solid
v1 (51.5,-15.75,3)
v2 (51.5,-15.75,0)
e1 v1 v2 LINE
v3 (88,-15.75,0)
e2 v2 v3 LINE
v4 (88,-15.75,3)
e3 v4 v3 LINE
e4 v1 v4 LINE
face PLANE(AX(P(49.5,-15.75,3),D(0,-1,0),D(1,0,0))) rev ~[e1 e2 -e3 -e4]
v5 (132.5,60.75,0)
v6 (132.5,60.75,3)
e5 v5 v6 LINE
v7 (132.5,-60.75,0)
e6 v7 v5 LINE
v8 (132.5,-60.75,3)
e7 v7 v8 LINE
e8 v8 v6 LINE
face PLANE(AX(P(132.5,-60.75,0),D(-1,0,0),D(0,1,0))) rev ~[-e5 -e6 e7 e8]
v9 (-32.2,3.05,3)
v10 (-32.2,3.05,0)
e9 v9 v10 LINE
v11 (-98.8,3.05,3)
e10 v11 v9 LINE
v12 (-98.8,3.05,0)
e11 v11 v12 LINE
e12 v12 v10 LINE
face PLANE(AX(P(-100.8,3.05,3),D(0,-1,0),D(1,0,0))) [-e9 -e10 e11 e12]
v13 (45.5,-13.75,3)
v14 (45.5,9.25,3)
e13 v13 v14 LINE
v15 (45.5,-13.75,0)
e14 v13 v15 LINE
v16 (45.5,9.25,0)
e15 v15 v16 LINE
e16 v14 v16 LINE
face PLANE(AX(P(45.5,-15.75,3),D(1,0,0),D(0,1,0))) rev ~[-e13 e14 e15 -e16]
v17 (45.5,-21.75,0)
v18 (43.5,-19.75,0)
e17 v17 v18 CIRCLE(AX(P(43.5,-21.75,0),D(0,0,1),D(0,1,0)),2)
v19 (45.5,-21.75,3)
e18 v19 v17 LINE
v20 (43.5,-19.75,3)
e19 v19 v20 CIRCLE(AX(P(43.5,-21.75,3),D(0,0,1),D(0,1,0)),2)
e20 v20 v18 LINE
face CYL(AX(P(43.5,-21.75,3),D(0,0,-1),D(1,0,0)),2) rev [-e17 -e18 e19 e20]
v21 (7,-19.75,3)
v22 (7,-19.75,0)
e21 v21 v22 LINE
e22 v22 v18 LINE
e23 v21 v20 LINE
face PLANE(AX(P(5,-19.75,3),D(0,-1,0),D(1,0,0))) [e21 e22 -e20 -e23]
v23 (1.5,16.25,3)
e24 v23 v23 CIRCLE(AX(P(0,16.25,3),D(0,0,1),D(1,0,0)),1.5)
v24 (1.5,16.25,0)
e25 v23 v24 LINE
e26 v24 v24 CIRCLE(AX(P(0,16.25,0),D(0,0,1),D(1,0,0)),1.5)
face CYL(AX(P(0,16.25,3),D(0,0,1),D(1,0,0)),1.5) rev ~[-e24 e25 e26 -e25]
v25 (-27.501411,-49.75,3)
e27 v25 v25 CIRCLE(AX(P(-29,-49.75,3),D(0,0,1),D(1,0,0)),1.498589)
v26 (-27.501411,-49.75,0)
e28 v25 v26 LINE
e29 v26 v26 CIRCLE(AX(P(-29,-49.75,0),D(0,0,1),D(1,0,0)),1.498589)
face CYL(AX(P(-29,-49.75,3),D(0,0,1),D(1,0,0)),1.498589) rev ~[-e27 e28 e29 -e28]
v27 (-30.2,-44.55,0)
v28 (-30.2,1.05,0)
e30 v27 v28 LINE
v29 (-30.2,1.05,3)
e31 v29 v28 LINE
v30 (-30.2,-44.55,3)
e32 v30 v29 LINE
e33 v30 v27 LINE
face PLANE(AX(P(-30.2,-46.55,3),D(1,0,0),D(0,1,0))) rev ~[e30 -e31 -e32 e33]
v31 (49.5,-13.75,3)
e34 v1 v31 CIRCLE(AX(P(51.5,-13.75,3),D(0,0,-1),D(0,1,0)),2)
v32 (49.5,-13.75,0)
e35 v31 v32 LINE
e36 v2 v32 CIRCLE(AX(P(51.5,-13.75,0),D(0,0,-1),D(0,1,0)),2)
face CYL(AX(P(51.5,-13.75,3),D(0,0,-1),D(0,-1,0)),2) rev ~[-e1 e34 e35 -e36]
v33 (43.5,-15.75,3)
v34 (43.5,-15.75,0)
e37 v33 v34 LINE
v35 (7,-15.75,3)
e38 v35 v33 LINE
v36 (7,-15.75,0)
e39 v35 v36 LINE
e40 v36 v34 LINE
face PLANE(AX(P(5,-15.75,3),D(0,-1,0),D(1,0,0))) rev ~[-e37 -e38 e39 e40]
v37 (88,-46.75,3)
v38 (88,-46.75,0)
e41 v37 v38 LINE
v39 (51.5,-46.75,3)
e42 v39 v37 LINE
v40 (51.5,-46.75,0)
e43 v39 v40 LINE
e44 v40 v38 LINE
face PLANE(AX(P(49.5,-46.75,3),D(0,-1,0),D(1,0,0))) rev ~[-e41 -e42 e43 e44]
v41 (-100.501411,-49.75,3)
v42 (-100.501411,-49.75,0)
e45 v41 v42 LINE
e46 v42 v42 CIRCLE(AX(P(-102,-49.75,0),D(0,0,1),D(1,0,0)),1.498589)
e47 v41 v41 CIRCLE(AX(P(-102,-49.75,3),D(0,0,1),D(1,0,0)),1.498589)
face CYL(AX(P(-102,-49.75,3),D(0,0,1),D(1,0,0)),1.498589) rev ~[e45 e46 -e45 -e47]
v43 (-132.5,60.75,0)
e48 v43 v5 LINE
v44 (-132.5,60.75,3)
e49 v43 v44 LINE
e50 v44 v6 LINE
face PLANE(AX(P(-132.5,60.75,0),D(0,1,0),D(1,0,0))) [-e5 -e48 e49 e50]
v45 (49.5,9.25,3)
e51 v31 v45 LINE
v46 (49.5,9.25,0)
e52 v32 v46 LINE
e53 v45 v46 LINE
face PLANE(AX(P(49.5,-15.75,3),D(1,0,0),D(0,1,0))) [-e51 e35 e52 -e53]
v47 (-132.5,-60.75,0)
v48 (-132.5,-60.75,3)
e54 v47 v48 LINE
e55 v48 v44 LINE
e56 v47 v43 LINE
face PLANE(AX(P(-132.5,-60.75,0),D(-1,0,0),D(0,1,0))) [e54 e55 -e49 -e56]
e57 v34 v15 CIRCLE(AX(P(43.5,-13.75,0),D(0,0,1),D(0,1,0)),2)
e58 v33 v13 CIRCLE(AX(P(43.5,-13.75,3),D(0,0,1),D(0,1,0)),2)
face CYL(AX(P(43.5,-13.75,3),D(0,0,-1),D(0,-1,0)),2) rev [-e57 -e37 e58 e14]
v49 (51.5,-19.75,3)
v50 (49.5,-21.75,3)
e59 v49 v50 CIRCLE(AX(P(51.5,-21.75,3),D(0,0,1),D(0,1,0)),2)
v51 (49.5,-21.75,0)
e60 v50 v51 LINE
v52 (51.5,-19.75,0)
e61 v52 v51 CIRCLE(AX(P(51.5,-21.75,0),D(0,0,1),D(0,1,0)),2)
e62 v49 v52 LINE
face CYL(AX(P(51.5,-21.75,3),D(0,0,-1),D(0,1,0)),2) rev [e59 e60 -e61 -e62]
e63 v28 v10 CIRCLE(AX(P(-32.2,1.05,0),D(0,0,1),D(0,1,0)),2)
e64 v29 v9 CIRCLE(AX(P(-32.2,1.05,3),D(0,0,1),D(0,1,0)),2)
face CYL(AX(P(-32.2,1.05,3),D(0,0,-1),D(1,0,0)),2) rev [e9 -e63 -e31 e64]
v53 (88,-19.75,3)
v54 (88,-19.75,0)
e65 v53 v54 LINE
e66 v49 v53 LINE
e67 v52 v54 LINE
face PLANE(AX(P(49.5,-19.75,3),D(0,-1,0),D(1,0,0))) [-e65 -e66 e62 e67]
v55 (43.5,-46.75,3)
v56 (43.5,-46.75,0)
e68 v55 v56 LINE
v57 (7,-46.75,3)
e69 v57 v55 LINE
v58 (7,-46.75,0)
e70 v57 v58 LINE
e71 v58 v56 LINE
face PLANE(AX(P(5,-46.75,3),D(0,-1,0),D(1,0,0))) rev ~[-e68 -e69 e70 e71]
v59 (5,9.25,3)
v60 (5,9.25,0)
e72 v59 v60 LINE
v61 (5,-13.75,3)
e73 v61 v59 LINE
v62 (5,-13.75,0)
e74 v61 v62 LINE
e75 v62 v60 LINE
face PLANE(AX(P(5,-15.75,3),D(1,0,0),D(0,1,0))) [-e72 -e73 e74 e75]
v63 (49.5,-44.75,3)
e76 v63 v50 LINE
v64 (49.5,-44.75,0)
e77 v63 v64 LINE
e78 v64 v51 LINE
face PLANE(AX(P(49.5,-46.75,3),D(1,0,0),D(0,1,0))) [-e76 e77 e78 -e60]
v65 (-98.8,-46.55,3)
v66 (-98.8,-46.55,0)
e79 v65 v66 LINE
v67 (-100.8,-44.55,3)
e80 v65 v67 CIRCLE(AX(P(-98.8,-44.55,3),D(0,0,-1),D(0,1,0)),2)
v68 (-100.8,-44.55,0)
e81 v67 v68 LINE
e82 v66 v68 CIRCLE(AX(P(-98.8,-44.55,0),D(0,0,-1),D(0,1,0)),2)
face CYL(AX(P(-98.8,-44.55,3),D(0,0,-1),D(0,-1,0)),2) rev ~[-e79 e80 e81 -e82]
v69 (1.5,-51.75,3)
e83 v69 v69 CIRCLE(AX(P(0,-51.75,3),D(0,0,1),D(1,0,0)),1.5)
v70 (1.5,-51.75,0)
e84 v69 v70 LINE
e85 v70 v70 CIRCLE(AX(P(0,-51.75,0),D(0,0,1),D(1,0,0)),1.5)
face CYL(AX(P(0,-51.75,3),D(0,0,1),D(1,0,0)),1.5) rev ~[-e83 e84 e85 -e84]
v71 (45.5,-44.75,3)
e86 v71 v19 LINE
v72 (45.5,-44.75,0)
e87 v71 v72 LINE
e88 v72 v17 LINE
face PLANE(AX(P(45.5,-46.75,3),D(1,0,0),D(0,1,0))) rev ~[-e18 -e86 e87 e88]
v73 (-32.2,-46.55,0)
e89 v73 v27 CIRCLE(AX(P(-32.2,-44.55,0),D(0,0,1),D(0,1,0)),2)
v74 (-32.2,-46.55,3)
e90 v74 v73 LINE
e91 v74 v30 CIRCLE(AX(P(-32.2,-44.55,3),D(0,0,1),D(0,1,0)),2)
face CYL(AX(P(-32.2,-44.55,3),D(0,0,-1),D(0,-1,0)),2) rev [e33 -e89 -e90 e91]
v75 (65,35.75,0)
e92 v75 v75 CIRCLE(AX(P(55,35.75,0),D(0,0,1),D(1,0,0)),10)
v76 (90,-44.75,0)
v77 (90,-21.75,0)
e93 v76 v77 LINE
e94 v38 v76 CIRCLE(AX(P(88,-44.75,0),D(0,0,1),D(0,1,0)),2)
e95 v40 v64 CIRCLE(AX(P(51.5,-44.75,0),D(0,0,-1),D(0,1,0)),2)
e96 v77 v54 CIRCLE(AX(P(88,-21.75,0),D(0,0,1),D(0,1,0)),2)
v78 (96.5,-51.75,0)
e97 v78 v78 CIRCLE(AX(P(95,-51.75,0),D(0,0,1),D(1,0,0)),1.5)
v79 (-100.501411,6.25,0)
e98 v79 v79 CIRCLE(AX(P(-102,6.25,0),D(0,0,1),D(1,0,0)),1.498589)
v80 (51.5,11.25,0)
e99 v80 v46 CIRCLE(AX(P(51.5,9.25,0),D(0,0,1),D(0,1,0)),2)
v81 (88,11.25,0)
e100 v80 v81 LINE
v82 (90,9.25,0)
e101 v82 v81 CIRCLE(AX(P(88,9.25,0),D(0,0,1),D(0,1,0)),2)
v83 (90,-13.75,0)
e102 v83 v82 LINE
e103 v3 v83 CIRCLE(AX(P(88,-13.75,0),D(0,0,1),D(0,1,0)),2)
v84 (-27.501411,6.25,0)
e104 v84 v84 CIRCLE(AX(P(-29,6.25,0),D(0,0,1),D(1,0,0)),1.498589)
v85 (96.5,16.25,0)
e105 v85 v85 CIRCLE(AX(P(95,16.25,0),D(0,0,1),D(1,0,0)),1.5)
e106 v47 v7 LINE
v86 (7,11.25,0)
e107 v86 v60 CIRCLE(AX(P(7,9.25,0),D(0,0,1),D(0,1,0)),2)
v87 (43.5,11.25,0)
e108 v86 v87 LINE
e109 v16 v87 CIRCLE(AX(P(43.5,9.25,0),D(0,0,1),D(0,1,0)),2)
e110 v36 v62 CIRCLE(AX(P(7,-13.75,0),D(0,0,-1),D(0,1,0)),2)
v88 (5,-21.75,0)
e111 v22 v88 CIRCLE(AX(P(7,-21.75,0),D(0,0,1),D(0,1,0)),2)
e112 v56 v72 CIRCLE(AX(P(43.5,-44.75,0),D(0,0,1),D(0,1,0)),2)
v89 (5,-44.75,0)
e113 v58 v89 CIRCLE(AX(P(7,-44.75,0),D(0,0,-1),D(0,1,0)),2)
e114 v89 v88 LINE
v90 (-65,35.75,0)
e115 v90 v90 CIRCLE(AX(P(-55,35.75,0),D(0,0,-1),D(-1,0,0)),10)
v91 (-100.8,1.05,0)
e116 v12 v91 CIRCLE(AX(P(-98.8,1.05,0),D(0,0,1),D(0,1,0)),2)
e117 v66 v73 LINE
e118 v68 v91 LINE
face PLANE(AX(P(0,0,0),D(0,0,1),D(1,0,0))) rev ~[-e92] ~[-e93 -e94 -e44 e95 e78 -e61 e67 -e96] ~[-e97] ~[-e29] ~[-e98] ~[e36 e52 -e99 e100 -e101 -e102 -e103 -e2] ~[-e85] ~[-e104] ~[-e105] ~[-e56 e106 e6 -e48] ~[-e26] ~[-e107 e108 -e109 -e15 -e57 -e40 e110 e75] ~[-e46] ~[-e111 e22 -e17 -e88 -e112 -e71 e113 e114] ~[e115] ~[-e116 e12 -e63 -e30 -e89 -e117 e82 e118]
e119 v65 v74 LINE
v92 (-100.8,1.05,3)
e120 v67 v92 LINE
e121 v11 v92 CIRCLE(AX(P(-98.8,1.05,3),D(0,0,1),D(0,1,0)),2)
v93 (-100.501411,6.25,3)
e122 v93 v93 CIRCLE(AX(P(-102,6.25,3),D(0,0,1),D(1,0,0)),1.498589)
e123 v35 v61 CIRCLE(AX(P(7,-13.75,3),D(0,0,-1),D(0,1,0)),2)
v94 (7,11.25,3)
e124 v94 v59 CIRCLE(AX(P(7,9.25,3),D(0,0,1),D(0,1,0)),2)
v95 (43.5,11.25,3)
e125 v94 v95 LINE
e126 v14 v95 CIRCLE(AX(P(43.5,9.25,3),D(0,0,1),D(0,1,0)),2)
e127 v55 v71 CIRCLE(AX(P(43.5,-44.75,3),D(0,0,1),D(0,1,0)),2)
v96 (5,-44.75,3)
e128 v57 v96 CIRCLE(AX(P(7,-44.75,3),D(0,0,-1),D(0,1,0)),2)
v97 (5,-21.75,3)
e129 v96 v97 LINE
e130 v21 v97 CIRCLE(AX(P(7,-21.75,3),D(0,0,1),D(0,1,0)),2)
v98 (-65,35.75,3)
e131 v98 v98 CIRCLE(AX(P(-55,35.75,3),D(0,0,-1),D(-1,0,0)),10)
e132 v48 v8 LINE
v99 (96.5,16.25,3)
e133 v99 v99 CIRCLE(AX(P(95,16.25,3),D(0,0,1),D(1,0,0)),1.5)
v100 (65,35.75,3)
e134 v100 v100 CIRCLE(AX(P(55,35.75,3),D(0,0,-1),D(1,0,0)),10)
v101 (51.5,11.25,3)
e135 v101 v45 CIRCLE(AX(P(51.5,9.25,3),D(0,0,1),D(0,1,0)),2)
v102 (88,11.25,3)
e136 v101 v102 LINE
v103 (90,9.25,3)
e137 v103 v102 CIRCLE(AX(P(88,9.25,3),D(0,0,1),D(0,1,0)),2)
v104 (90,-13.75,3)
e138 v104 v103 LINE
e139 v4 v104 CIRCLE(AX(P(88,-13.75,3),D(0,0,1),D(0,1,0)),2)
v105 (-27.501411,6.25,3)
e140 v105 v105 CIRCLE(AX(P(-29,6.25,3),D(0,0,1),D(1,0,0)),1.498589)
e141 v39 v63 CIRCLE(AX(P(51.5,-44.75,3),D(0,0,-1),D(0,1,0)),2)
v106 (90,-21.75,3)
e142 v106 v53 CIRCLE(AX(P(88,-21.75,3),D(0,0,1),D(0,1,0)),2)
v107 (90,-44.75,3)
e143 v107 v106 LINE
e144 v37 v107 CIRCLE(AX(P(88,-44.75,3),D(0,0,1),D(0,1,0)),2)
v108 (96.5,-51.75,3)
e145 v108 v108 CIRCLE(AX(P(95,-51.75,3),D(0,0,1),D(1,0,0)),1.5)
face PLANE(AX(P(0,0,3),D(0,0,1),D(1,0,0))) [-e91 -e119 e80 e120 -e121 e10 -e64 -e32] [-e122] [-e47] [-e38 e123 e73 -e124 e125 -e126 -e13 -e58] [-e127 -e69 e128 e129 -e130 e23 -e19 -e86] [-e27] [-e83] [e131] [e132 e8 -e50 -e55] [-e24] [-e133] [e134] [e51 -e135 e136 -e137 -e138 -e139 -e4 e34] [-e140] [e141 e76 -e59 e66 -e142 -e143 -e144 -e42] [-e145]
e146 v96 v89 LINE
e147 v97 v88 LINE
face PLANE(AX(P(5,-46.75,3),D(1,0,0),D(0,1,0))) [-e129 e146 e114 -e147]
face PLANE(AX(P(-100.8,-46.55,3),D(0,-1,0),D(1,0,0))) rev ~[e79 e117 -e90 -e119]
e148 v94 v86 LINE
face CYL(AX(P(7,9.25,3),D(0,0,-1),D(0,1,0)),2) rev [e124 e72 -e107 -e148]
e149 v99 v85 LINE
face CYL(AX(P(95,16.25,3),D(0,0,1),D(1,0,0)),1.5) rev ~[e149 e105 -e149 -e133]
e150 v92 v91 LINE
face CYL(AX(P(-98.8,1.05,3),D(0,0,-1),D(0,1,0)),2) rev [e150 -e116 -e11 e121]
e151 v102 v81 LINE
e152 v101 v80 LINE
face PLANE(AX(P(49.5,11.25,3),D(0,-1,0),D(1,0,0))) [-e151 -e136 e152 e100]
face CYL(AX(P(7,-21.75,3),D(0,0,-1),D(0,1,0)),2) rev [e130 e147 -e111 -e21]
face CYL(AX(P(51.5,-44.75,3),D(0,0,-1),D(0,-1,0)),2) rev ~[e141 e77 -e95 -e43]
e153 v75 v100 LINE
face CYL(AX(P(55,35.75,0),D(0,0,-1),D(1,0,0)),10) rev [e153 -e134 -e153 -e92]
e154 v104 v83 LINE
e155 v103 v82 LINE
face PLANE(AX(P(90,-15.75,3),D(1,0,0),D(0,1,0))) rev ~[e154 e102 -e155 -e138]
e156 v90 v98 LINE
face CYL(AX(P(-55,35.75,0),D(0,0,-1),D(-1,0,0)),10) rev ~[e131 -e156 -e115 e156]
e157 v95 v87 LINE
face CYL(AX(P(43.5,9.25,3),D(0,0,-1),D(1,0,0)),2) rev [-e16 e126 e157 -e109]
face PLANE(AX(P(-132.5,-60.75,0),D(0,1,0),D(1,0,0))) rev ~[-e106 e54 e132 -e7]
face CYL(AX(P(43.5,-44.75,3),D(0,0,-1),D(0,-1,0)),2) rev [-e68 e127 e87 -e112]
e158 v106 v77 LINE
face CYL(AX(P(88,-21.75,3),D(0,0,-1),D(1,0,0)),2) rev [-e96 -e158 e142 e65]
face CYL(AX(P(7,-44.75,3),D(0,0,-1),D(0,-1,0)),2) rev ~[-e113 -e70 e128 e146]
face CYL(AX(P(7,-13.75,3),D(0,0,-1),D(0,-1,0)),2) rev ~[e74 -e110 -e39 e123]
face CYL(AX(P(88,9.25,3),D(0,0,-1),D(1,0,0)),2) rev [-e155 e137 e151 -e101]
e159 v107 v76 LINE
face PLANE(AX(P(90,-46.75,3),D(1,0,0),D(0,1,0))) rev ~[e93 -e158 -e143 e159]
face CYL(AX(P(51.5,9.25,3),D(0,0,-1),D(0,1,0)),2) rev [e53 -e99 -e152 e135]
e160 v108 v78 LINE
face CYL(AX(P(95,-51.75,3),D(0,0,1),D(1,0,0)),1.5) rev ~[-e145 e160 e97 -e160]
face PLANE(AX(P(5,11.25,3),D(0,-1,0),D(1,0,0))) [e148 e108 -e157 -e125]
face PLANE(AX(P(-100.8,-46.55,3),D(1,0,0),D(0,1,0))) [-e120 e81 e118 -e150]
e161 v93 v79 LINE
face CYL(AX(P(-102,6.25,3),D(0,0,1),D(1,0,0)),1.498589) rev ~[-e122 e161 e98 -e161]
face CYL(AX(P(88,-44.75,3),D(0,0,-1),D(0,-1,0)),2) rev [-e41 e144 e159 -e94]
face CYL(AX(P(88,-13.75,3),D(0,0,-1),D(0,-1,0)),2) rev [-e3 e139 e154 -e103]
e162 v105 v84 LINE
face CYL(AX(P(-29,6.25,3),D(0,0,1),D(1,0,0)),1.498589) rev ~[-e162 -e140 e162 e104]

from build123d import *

# Parameters (mm, degrees)
SKETCH_1_W          = 265
SKETCH_1_H          = 121.5
EXTRUDE_1_DEPTH     = 3
SKETCH_2_R          = 10
CUT_EXTRUDE_1_DEPTH = 10
SKETCH_3_W          = 70.6
SKETCH_3_H          = 49.6
CUT_EXTRUDE_2_DEPTH = 3
FILLET_1_R          = 2
SKETCH_4_R          = 1.498589197
CUT_EXTRUDE_3_DEPTH = 10
SKETCH_5_R          = 1.5
CUT_EXTRUDE_4_DEPTH = 42
SKETCH_6_W          = 40.5
SKETCH_6_H          = 27
CUT_EXTRUDE_5_DEPTH = 22
FILLET_2_R          = 2


with BuildPart() as part:
    # 草图1 → 凸台-拉伸1 (new body)
    with BuildSketch(Plane.XY):
        Rectangle(SKETCH_1_W, SKETCH_1_H)
    extrude(amount=EXTRUDE_1_DEPTH)

    # 草图2 → 切除-拉伸1 (cut)
    with BuildSketch(Plane(origin=(0, 0, 0), x_dir=(-1, 0, 0), z_dir=(0, 0, -1))):
        with Locations((55, 35.75)):
            Circle(SKETCH_2_R)
    cut_extrude_1 = extrude(amount=-CUT_EXTRUDE_1_DEPTH, mode=Mode.SUBTRACT)

    # 镜向1: 切除-拉伸1 across plane
    add(cut_extrude_1.mirror(Plane(origin=(0, 0, 0), x_dir=(0, 0, 1), z_dir=(1, 0, 0))), mode=Mode.SUBTRACT)

    # 草图3 → 切除-拉伸2 (cut)
    with BuildSketch(Plane.XY.offset(3)):
        with Locations((-65.5, -21.75)):
            Rectangle(SKETCH_3_W, SKETCH_3_H)
    extrude(amount=-CUT_EXTRUDE_2_DEPTH, mode=Mode.SUBTRACT)

    # 圆角1
    fillet_1_edges = [part.edges().sort_by_distance(p)[0] for p in [
        (-100.8, 3.05, 1.5),
        (-100.8, -46.55, 1.5),
        (-30.2, -46.55, 1.5),
        (-30.2, 3.05, 1.5),
    ]]
    fillet(fillet_1_edges, radius=FILLET_1_R)

    # 草图4 → 切除-拉伸3 (cut)
    with BuildSketch(Plane.XY.offset(3)):
        with Locations((-29, -49.75)):
            Circle(SKETCH_4_R)
        with Locations((-29, 6.25)):
            Circle(SKETCH_4_R)
        with Locations((-102, -49.75)):
            Circle(SKETCH_4_R)
        with Locations((-102, 6.25)):
            Circle(SKETCH_4_R)
    extrude(amount=-CUT_EXTRUDE_3_DEPTH, mode=Mode.SUBTRACT)

    # 草图5 → 切除-拉伸4 (cut)
    with BuildSketch(Plane.XY.offset(3)):
        with Locations((95, 16.25)):
            Circle(SKETCH_5_R)
        with Locations((95, -51.75)):
            Circle(SKETCH_5_R)
        with Locations((0, -51.75)):
            Circle(SKETCH_5_R)
        with Locations((0, 16.25)):
            Circle(SKETCH_5_R)
    extrude(amount=-CUT_EXTRUDE_4_DEPTH, mode=Mode.SUBTRACT)

    # 草图6 → 切除-拉伸5 (cut)
    with BuildSketch(Plane.XY.offset(3)):
        with Locations((25.25, -33.25)):
            Rectangle(SKETCH_6_W, SKETCH_6_H)
        with Locations((25.25, -2.25)):
            Rectangle(SKETCH_6_W, SKETCH_6_H)
        with Locations((69.75, -2.25)):
            Rectangle(SKETCH_6_W, SKETCH_6_H)
        with Locations((69.75, -33.25)):
            Rectangle(SKETCH_6_W, SKETCH_6_H)
    extrude(amount=-CUT_EXTRUDE_5_DEPTH, mode=Mode.SUBTRACT)

    # 圆角2
    fillet_2_edges = [part.edges().sort_by_distance(p)[0] for p in [
        (49.5, -19.75, 1.5),
        (90, -19.75, 1.5),
        (90, -46.75, 1.5),
        (49.5, -46.75, 1.5),
        (49.5, 11.25, 1.5),
        (90, 11.25, 1.5),
        (90, -15.75, 1.5),
        (49.5, -15.75, 1.5),
        (5, -15.75, 1.5),
        (5, 11.25, 1.5),
        (45.5, 11.25, 1.5),
        (45.5, -15.75, 1.5),
        (45.5, -19.75, 1.5),
        (45.5, -46.75, 1.5),
        (5, -46.75, 1.5),
        (5, -19.75, 1.5),
    ]]
    fillet(fillet_2_edges, radius=FILLET_2_R)


solid = part.part
